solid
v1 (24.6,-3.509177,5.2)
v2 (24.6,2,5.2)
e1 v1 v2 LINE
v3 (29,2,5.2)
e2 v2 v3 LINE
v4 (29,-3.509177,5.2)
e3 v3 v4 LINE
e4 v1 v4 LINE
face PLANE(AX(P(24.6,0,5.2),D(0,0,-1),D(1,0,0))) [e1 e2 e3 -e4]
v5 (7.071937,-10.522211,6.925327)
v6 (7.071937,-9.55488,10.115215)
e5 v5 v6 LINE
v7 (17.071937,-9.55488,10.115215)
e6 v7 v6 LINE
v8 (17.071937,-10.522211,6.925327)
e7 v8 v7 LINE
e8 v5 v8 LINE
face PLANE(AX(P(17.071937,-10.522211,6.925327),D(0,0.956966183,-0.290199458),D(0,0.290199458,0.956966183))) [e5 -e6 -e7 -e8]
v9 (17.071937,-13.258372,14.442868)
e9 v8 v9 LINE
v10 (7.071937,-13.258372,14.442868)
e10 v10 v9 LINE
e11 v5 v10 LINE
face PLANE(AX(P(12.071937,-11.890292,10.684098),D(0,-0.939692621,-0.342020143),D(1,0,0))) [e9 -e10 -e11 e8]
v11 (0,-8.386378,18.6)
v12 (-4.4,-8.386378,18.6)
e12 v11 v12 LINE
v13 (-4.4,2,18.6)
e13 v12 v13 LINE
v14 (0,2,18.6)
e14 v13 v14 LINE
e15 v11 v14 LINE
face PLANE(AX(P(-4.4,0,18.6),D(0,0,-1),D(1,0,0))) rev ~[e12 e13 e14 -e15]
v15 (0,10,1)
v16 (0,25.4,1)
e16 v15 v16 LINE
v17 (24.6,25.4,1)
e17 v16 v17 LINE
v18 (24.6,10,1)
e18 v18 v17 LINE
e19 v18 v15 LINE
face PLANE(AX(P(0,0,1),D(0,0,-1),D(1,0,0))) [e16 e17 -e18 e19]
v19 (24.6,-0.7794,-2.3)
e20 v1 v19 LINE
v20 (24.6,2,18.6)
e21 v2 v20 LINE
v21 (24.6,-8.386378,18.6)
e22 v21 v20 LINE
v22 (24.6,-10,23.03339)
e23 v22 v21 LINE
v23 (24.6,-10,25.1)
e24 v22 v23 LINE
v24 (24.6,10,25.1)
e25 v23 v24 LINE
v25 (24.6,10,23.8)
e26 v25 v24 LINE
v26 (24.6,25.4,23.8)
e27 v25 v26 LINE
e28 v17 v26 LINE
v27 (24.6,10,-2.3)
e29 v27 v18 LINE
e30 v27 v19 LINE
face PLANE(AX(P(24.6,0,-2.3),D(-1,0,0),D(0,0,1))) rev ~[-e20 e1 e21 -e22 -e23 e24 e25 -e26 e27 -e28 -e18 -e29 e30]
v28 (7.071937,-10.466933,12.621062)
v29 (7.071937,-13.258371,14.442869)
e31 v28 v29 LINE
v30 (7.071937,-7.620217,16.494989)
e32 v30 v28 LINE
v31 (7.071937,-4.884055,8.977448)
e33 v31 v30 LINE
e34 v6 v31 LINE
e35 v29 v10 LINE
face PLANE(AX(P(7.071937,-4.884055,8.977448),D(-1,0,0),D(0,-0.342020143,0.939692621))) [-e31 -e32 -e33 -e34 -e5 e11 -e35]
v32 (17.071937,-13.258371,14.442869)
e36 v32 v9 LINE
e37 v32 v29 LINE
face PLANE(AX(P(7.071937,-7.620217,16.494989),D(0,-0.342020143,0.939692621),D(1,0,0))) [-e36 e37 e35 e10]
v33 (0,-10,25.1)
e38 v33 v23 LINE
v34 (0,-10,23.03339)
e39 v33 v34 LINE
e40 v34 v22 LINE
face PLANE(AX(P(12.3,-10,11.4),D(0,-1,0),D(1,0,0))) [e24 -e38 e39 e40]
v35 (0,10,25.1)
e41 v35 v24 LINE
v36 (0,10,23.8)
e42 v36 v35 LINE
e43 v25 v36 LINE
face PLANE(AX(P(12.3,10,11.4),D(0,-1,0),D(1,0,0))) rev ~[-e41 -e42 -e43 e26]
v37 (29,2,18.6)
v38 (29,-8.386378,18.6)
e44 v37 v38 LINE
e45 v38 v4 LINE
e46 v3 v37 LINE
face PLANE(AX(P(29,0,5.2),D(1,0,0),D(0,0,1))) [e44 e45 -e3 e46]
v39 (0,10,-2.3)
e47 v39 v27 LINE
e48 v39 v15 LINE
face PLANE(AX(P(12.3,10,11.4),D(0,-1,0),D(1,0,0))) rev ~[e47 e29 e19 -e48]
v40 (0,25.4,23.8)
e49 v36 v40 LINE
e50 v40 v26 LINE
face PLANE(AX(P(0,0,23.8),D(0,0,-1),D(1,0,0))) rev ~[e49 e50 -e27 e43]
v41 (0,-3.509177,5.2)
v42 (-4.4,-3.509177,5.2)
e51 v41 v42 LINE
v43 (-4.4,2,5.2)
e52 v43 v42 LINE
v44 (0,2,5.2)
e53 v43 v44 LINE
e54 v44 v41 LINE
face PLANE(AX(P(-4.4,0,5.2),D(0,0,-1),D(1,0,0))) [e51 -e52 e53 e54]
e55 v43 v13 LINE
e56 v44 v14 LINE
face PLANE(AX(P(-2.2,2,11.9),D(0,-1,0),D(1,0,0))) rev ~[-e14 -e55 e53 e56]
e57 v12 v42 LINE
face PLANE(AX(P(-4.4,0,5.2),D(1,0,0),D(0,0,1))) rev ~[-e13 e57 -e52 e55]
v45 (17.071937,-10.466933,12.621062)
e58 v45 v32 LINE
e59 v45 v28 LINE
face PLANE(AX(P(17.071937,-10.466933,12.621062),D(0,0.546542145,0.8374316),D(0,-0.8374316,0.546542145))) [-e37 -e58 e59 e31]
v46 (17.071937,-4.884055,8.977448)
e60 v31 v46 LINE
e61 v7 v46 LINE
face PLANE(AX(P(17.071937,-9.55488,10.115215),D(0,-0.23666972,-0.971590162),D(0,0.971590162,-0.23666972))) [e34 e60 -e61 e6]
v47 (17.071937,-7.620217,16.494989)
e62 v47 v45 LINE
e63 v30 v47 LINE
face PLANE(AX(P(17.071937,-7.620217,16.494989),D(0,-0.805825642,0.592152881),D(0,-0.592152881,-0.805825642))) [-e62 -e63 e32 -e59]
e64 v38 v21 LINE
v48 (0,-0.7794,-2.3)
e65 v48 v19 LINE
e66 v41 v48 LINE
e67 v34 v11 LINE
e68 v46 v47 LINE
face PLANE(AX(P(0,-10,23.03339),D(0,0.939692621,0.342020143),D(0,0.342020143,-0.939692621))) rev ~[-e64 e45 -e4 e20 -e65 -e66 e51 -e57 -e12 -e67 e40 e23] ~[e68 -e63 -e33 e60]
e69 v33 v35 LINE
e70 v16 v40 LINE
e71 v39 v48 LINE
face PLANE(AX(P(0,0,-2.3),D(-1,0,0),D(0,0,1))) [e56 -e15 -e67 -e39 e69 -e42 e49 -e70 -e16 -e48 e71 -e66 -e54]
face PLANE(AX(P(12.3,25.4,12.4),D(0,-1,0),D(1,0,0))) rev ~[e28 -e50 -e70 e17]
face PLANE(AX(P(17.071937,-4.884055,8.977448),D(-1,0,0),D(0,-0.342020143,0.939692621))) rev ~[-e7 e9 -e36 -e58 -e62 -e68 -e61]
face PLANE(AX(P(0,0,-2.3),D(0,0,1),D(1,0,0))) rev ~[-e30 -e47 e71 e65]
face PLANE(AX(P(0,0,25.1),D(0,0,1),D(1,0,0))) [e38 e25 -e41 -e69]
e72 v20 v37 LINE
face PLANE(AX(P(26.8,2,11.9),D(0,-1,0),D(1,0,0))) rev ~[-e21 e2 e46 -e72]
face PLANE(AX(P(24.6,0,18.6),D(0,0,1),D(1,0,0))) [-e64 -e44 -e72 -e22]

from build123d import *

# Parameters (mm, degrees)
SKETCH_W          = 24.6
SKETCH_H          = 22.8
PAD_DEPTH         = 25.4
SKETCH005_W       = 24.6
SKETCH005_H       = 27.4
PAD003_DEPTH      = 10
PAD003_DEPTH_BACK = 10
SKETCH011_W       = 4.4
SKETCH011_H       = 13.4
PAD004_DEPTH      = 10
PAD004_DEPTH_BACK = 2
SKETCH012_W       = 4.4
SKETCH012_H       = 13.4
PAD005_DEPTH      = 10
PAD005_DEPTH_BACK = 2
POCKET_DEPTH      = 4.4
POCKET_DEPTH_BACK = 29
SKETCH014_W       = 10
SKETCH014_H       = 8
PAD006_DEPTH      = 6
POCKET001_DEPTH   = 10


with BuildPart() as part:
    # Sketch → Pad (new body)
    with BuildSketch(Plane.XZ):
        with Locations((12.3, 12.4)):
            Rectangle(SKETCH_W, SKETCH_H)
    extrude(amount=-PAD_DEPTH)

    # Sketch005 → Pad003 (join, two sides)
    with BuildSketch(Plane.XZ) as pad003_sk:
        with Locations((12.3, 11.4)):
            Rectangle(SKETCH005_W, SKETCH005_H)
    extrude(amount=-PAD003_DEPTH)
    extrude(pad003_sk.sketch, amount=PAD003_DEPTH_BACK)

    # Sketch011 → Pad004 (join, two sides)
    with BuildSketch(Plane.XZ) as pad004_sk:
        with Locations((-2.2, 11.9)):
            Rectangle(SKETCH011_W, SKETCH011_H)
    extrude(amount=PAD004_DEPTH)
    extrude(pad004_sk.sketch, amount=-PAD004_DEPTH_BACK)

    # Sketch012 → Pad005 (join, two sides)
    with BuildSketch(Plane.XZ) as pad005_sk:
        with Locations((26.8, 11.9)):
            Rectangle(SKETCH012_W, SKETCH012_H)
    extrude(amount=PAD005_DEPTH)
    extrude(pad005_sk.sketch, amount=-PAD005_DEPTH_BACK)

    # Sketch013 → Pocket (cut, two sides)
    with BuildSketch(Plane.YZ) as pocket_sk:
        Polygon((-0.7794, -2.3), (-10, -2.3), (-10, 23.0333902938), align=None)
    extrude(amount=-POCKET_DEPTH, mode=Mode.SUBTRACT)
    extrude(pocket_sk.sketch, amount=POCKET_DEPTH_BACK, mode=Mode.SUBTRACT)

    # Sketch014 (on DatumPlane) → Pad006 (join)
    with BuildSketch(Plane(origin=(0, -1.4274332706, -0.5195432219), x_dir=(1, 0, 0), z_dir=(0, -0.9396926208, -0.3420201433))):
        with Locations((12.0719367464, 14.1064872032)):
            Rectangle(SKETCH014_W, SKETCH014_H)
    extrude(amount=PAD006_DEPTH)

    # Sketch015 (on DatumPlane) → Pocket001 (cut)
    with BuildSketch(Plane(origin=(17.0719367464, -9.071213908, 11.7101582781), x_dir=(0, 0.9396926208, 0.3420201433), z_dir=(1, 0, 0))):
        Polygon((-1, -1.3333333333), (3, -4), (-3, -4), align=None)
        Polygon((-2.999999, 4), (3, 4), (-0.9999997778, 1.3333334815), align=None)
    extrude(amount=-POCKET001_DEPTH, mode=Mode.SUBTRACT)


solid = part.part
